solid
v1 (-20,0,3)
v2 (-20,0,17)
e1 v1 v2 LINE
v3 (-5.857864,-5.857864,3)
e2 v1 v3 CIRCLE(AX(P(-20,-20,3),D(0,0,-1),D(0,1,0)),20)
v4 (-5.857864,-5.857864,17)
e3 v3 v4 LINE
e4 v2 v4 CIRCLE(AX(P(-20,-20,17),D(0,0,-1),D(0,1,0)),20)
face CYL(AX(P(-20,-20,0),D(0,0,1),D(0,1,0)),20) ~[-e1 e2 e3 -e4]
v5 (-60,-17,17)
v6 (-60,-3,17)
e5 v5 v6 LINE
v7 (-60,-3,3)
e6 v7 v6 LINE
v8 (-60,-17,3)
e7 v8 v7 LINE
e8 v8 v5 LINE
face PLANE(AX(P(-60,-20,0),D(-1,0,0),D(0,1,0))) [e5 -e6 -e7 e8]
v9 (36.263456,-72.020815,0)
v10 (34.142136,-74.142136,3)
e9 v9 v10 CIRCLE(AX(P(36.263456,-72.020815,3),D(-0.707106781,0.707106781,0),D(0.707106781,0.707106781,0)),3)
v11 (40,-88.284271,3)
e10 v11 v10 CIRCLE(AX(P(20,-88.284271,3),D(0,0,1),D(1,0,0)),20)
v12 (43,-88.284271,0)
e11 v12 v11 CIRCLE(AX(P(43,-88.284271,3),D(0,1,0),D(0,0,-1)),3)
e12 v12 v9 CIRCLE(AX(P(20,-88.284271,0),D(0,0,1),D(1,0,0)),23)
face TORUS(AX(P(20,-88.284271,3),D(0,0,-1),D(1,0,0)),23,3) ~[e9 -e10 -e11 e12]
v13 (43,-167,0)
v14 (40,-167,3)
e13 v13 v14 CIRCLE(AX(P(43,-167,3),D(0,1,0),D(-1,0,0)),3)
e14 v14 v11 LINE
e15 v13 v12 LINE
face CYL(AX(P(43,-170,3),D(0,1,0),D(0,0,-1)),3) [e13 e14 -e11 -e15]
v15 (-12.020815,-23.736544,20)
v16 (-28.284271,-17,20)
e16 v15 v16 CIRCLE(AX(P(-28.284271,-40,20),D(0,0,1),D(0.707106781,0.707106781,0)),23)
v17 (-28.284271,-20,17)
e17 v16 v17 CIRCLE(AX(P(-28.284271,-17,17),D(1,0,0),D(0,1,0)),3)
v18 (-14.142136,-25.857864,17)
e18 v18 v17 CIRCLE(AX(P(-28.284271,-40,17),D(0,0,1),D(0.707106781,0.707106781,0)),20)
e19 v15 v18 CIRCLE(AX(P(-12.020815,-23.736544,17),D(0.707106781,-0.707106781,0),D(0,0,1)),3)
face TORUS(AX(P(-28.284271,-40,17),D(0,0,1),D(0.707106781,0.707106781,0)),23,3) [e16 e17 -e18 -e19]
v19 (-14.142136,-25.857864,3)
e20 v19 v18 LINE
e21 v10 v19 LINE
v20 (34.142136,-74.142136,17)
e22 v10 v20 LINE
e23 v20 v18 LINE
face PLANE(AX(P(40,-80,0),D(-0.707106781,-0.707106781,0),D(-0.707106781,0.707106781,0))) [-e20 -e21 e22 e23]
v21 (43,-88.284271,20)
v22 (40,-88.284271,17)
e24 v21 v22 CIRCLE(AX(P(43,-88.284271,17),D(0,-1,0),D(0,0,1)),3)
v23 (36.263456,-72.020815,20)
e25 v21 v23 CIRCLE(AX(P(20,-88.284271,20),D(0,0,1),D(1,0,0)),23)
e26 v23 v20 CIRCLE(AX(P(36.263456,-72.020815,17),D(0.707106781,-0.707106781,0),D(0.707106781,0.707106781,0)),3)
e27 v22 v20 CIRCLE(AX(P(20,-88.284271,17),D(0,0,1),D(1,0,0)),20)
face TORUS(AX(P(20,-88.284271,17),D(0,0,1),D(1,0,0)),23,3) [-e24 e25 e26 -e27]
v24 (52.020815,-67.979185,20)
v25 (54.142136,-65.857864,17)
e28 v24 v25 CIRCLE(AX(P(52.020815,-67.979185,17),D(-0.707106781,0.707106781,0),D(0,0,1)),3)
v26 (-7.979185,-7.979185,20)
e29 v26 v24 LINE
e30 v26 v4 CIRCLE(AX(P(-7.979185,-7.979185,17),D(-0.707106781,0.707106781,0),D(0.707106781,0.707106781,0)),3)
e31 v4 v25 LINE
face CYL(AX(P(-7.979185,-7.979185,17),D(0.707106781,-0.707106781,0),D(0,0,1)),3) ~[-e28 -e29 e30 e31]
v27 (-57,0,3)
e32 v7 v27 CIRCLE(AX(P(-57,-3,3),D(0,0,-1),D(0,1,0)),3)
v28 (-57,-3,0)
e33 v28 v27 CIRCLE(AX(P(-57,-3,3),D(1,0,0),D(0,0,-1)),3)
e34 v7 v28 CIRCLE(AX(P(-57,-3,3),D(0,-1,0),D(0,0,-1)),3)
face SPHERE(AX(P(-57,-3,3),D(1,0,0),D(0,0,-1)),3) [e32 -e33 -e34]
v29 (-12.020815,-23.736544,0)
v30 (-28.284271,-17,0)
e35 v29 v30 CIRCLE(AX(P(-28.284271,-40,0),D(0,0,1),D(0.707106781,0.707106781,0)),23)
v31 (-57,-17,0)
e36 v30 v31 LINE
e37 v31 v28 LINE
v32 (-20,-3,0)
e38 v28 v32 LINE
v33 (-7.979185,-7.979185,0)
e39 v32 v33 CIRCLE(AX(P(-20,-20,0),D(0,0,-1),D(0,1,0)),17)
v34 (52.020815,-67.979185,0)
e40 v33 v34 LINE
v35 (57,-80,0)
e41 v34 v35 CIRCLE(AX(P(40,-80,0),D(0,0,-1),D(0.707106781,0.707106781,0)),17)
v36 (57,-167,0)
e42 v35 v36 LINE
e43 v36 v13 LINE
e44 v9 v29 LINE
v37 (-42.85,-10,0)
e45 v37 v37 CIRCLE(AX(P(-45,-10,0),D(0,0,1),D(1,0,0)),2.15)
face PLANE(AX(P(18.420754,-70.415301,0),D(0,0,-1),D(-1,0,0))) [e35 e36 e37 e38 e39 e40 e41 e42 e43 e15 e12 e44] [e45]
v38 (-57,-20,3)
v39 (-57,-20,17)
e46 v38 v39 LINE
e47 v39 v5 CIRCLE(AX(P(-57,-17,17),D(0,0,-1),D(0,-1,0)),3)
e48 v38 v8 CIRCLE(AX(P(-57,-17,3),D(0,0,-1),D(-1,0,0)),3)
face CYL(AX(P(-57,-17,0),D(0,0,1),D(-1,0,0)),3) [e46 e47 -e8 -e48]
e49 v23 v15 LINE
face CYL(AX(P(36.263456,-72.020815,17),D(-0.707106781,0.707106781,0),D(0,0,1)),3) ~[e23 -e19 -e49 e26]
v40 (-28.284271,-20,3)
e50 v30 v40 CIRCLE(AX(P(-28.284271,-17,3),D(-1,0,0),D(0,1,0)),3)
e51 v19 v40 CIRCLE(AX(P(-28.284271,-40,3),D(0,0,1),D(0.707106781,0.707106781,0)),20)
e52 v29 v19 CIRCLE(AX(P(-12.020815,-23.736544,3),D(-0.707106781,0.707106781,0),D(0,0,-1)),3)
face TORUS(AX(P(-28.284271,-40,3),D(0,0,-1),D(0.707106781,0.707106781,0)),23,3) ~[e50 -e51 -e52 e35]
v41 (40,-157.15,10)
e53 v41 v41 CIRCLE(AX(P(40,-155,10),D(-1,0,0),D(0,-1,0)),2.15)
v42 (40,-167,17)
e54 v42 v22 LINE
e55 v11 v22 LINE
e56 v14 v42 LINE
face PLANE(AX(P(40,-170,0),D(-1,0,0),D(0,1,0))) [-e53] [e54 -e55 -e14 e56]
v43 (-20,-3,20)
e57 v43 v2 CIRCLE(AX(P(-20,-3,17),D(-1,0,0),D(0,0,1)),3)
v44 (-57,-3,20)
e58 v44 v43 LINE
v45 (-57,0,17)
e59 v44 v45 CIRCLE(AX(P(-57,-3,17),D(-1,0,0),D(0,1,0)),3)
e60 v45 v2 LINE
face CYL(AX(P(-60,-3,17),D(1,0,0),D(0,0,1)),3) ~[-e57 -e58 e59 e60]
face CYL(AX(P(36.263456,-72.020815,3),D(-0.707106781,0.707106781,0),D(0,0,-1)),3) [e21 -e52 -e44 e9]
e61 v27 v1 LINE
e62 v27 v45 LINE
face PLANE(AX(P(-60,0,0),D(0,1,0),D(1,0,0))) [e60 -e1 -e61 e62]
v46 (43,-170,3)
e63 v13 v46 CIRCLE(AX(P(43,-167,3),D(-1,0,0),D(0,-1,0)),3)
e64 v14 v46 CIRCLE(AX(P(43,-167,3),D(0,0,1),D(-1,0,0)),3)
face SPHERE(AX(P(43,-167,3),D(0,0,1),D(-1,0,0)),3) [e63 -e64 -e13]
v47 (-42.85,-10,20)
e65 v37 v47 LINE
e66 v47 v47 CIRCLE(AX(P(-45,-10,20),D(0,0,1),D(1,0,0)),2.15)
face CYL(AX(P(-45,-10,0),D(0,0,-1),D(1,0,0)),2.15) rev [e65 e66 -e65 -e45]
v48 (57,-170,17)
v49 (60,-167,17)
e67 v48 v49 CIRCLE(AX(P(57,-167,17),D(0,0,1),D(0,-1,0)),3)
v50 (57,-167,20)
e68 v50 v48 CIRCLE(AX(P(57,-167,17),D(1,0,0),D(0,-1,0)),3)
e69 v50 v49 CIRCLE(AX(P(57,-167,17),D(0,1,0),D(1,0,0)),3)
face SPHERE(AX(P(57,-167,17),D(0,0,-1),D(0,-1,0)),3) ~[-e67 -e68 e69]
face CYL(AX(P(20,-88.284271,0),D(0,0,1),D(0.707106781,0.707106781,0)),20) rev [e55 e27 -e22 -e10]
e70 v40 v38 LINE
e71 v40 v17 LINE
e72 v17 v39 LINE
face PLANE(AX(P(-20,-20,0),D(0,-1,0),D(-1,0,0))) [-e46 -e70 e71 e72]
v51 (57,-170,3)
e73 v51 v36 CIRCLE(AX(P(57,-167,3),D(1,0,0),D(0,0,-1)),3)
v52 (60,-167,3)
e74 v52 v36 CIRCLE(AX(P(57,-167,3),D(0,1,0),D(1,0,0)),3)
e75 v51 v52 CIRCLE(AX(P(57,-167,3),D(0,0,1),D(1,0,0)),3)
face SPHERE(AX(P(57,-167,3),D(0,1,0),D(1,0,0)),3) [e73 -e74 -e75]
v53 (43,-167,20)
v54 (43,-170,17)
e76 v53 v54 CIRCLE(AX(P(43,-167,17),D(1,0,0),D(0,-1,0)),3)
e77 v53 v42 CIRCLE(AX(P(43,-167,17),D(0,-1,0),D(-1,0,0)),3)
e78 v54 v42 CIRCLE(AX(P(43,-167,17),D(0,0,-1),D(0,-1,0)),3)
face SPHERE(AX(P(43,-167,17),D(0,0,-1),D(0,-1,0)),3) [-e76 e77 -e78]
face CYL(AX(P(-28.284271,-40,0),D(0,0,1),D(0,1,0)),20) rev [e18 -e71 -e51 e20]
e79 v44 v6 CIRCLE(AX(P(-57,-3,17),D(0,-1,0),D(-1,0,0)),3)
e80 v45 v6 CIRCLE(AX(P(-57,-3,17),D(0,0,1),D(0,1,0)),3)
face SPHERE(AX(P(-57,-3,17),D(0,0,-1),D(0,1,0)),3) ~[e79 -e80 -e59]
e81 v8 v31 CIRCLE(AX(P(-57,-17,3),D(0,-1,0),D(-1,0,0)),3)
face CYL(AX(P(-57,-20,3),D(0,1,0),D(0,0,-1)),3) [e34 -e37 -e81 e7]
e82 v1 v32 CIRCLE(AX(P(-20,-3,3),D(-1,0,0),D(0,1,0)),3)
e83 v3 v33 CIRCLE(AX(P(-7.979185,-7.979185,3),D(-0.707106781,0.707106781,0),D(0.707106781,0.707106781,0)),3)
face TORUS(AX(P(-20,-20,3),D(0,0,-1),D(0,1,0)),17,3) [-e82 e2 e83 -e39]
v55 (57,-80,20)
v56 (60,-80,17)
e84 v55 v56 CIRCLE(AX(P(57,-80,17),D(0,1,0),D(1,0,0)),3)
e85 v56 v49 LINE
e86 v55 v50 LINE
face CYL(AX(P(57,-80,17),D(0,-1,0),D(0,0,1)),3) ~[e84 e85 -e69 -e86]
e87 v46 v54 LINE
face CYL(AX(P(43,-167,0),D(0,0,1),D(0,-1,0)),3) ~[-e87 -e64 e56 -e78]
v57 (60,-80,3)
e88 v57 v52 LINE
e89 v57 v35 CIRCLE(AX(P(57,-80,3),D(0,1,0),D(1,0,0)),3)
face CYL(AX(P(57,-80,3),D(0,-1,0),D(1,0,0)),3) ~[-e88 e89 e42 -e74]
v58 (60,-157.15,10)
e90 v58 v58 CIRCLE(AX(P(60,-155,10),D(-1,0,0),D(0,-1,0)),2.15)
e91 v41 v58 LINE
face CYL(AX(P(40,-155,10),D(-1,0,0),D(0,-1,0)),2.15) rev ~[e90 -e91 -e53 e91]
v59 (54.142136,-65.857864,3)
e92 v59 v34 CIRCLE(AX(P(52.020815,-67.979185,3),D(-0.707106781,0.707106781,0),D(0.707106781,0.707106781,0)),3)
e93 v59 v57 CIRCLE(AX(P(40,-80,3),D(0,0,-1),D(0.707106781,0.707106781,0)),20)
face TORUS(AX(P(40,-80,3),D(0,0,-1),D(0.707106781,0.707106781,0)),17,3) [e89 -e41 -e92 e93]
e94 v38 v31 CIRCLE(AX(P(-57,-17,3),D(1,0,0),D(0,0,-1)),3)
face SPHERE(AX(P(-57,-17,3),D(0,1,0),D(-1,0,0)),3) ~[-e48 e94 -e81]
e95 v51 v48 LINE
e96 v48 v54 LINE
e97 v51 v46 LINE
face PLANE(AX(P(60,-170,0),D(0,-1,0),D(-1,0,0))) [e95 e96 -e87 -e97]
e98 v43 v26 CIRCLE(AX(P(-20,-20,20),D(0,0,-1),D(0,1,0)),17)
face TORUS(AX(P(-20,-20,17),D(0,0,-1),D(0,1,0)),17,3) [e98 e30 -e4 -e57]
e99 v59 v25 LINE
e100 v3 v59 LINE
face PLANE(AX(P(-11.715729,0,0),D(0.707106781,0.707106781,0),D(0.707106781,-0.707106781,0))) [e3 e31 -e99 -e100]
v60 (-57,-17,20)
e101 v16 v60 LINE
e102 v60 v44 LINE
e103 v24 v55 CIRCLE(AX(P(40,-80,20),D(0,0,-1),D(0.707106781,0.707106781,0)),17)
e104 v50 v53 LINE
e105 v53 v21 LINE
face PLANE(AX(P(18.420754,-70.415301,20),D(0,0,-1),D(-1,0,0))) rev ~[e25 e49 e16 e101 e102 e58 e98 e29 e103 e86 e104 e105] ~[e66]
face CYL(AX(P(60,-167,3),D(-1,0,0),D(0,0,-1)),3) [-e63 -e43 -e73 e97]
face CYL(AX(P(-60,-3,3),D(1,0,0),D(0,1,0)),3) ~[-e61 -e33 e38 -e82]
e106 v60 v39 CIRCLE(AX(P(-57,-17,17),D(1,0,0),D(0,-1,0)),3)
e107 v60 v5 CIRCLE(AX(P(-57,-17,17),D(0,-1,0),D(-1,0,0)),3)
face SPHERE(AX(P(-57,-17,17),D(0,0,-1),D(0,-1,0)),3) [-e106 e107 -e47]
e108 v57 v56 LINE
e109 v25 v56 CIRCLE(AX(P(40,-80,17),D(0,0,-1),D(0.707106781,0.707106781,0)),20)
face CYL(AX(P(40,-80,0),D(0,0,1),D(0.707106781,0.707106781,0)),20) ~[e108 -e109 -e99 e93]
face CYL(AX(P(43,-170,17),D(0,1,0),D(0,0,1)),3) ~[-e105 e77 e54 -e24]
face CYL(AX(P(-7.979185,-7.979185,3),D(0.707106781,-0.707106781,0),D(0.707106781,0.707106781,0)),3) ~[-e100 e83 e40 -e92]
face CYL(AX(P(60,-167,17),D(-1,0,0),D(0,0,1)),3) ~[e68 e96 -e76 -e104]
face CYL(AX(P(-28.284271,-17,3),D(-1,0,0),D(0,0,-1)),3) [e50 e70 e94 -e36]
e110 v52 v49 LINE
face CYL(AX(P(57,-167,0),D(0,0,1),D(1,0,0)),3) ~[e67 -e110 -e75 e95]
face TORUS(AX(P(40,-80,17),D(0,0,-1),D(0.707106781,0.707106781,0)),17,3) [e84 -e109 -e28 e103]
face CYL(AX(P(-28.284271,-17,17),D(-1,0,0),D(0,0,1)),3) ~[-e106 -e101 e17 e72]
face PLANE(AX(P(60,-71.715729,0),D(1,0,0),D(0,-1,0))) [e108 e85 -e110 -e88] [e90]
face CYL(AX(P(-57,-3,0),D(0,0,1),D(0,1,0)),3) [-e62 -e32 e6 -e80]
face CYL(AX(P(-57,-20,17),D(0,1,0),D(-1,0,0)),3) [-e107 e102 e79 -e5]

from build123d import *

# Parameters (mm, degrees)
CROQUIS1_R              = 2.15
SALIENTE_EXTRUIR1_DEPTH = 20
REDONDEO1_R             = 20
CROQUIS4_R              = 2.15
CORTAR_EXTRUIR3_DEPTH   = 20
REDONDEO2_R             = 3


with BuildPart() as part:
    # Croquis1 → Saliente-Extruir1 (new body)
    with BuildSketch(Plane.XY):
        Polygon((-60, 0), (-11.715728753, 0), (60, -71.715728753), (60, -170), (40, -170), (40, -80), (-20, -20), (-60, -20), align=None)
        with Locations((-45, -10)):
            Circle(CROQUIS1_R, mode=Mode.SUBTRACT)
    extrude(amount=SALIENTE_EXTRUIR1_DEPTH)

    # Redondeo1
    redondeo1_edges = [part.edges().sort_by_distance(p)[0] for p in [
        (-20, -20, 10),
        (40, -80, 10),
        (60, -71.715728753, 10),
        (-11.715728753, 0, 10),
    ]]
    fillet(redondeo1_edges, radius=REDONDEO1_R)

    # Croquis4 → Cortar-Extruir3 (cut)
    with BuildSketch(Plane.ZY.offset(-40)):
        with Locations(Location((10, -155, 0), (0, 0, 270))):
            Circle(CROQUIS4_R)
    extrude(amount=-CORTAR_EXTRUIR3_DEPTH, mode=Mode.SUBTRACT)

    # Redondeo2
    redondeo2_edges = [part.edges().sort_by_distance(p)[0] for p in [
        (-40, 0, 0),
        (-60, -10, 0),
        (-60, -20, 10),
        (40, -170, 10),
        (60, -170, 10),
        (-60, 0, 10),
        (50, -170, 20),
        (40, -129.142135624, 20),
        (10, -50, 0),
        (10, -50, 20),
        (24.142135624, -35.857864376, 0),
        (24.142135624, -35.857864376, 20),
        (60, -125, 0),
        (-44.142135624, -20, 0),
        (-12.346331353, -1.52240935, 0),
        (58.47759065, -72.346331353, 0),
        (60, -125, 20),
        (-44.142135624, -20, 20),
        (-12.346331353, -1.52240935, 20),
        (58.47759065, -72.346331353, 20),
        (38.47759065, -80.6306026, 0),
        (38.47759065, -80.6306026, 20),
        (-20.6306026, -21.52240935, 0),
        (-20.6306026, -21.52240935, 20),
        (-60, -10, 20),
        (-40, 0, 20),
        (40, -129.142135624, 0),
        (50, -170, 0),
    ]]
    fillet(redondeo2_edges, radius=REDONDEO2_R)


solid = part.part
